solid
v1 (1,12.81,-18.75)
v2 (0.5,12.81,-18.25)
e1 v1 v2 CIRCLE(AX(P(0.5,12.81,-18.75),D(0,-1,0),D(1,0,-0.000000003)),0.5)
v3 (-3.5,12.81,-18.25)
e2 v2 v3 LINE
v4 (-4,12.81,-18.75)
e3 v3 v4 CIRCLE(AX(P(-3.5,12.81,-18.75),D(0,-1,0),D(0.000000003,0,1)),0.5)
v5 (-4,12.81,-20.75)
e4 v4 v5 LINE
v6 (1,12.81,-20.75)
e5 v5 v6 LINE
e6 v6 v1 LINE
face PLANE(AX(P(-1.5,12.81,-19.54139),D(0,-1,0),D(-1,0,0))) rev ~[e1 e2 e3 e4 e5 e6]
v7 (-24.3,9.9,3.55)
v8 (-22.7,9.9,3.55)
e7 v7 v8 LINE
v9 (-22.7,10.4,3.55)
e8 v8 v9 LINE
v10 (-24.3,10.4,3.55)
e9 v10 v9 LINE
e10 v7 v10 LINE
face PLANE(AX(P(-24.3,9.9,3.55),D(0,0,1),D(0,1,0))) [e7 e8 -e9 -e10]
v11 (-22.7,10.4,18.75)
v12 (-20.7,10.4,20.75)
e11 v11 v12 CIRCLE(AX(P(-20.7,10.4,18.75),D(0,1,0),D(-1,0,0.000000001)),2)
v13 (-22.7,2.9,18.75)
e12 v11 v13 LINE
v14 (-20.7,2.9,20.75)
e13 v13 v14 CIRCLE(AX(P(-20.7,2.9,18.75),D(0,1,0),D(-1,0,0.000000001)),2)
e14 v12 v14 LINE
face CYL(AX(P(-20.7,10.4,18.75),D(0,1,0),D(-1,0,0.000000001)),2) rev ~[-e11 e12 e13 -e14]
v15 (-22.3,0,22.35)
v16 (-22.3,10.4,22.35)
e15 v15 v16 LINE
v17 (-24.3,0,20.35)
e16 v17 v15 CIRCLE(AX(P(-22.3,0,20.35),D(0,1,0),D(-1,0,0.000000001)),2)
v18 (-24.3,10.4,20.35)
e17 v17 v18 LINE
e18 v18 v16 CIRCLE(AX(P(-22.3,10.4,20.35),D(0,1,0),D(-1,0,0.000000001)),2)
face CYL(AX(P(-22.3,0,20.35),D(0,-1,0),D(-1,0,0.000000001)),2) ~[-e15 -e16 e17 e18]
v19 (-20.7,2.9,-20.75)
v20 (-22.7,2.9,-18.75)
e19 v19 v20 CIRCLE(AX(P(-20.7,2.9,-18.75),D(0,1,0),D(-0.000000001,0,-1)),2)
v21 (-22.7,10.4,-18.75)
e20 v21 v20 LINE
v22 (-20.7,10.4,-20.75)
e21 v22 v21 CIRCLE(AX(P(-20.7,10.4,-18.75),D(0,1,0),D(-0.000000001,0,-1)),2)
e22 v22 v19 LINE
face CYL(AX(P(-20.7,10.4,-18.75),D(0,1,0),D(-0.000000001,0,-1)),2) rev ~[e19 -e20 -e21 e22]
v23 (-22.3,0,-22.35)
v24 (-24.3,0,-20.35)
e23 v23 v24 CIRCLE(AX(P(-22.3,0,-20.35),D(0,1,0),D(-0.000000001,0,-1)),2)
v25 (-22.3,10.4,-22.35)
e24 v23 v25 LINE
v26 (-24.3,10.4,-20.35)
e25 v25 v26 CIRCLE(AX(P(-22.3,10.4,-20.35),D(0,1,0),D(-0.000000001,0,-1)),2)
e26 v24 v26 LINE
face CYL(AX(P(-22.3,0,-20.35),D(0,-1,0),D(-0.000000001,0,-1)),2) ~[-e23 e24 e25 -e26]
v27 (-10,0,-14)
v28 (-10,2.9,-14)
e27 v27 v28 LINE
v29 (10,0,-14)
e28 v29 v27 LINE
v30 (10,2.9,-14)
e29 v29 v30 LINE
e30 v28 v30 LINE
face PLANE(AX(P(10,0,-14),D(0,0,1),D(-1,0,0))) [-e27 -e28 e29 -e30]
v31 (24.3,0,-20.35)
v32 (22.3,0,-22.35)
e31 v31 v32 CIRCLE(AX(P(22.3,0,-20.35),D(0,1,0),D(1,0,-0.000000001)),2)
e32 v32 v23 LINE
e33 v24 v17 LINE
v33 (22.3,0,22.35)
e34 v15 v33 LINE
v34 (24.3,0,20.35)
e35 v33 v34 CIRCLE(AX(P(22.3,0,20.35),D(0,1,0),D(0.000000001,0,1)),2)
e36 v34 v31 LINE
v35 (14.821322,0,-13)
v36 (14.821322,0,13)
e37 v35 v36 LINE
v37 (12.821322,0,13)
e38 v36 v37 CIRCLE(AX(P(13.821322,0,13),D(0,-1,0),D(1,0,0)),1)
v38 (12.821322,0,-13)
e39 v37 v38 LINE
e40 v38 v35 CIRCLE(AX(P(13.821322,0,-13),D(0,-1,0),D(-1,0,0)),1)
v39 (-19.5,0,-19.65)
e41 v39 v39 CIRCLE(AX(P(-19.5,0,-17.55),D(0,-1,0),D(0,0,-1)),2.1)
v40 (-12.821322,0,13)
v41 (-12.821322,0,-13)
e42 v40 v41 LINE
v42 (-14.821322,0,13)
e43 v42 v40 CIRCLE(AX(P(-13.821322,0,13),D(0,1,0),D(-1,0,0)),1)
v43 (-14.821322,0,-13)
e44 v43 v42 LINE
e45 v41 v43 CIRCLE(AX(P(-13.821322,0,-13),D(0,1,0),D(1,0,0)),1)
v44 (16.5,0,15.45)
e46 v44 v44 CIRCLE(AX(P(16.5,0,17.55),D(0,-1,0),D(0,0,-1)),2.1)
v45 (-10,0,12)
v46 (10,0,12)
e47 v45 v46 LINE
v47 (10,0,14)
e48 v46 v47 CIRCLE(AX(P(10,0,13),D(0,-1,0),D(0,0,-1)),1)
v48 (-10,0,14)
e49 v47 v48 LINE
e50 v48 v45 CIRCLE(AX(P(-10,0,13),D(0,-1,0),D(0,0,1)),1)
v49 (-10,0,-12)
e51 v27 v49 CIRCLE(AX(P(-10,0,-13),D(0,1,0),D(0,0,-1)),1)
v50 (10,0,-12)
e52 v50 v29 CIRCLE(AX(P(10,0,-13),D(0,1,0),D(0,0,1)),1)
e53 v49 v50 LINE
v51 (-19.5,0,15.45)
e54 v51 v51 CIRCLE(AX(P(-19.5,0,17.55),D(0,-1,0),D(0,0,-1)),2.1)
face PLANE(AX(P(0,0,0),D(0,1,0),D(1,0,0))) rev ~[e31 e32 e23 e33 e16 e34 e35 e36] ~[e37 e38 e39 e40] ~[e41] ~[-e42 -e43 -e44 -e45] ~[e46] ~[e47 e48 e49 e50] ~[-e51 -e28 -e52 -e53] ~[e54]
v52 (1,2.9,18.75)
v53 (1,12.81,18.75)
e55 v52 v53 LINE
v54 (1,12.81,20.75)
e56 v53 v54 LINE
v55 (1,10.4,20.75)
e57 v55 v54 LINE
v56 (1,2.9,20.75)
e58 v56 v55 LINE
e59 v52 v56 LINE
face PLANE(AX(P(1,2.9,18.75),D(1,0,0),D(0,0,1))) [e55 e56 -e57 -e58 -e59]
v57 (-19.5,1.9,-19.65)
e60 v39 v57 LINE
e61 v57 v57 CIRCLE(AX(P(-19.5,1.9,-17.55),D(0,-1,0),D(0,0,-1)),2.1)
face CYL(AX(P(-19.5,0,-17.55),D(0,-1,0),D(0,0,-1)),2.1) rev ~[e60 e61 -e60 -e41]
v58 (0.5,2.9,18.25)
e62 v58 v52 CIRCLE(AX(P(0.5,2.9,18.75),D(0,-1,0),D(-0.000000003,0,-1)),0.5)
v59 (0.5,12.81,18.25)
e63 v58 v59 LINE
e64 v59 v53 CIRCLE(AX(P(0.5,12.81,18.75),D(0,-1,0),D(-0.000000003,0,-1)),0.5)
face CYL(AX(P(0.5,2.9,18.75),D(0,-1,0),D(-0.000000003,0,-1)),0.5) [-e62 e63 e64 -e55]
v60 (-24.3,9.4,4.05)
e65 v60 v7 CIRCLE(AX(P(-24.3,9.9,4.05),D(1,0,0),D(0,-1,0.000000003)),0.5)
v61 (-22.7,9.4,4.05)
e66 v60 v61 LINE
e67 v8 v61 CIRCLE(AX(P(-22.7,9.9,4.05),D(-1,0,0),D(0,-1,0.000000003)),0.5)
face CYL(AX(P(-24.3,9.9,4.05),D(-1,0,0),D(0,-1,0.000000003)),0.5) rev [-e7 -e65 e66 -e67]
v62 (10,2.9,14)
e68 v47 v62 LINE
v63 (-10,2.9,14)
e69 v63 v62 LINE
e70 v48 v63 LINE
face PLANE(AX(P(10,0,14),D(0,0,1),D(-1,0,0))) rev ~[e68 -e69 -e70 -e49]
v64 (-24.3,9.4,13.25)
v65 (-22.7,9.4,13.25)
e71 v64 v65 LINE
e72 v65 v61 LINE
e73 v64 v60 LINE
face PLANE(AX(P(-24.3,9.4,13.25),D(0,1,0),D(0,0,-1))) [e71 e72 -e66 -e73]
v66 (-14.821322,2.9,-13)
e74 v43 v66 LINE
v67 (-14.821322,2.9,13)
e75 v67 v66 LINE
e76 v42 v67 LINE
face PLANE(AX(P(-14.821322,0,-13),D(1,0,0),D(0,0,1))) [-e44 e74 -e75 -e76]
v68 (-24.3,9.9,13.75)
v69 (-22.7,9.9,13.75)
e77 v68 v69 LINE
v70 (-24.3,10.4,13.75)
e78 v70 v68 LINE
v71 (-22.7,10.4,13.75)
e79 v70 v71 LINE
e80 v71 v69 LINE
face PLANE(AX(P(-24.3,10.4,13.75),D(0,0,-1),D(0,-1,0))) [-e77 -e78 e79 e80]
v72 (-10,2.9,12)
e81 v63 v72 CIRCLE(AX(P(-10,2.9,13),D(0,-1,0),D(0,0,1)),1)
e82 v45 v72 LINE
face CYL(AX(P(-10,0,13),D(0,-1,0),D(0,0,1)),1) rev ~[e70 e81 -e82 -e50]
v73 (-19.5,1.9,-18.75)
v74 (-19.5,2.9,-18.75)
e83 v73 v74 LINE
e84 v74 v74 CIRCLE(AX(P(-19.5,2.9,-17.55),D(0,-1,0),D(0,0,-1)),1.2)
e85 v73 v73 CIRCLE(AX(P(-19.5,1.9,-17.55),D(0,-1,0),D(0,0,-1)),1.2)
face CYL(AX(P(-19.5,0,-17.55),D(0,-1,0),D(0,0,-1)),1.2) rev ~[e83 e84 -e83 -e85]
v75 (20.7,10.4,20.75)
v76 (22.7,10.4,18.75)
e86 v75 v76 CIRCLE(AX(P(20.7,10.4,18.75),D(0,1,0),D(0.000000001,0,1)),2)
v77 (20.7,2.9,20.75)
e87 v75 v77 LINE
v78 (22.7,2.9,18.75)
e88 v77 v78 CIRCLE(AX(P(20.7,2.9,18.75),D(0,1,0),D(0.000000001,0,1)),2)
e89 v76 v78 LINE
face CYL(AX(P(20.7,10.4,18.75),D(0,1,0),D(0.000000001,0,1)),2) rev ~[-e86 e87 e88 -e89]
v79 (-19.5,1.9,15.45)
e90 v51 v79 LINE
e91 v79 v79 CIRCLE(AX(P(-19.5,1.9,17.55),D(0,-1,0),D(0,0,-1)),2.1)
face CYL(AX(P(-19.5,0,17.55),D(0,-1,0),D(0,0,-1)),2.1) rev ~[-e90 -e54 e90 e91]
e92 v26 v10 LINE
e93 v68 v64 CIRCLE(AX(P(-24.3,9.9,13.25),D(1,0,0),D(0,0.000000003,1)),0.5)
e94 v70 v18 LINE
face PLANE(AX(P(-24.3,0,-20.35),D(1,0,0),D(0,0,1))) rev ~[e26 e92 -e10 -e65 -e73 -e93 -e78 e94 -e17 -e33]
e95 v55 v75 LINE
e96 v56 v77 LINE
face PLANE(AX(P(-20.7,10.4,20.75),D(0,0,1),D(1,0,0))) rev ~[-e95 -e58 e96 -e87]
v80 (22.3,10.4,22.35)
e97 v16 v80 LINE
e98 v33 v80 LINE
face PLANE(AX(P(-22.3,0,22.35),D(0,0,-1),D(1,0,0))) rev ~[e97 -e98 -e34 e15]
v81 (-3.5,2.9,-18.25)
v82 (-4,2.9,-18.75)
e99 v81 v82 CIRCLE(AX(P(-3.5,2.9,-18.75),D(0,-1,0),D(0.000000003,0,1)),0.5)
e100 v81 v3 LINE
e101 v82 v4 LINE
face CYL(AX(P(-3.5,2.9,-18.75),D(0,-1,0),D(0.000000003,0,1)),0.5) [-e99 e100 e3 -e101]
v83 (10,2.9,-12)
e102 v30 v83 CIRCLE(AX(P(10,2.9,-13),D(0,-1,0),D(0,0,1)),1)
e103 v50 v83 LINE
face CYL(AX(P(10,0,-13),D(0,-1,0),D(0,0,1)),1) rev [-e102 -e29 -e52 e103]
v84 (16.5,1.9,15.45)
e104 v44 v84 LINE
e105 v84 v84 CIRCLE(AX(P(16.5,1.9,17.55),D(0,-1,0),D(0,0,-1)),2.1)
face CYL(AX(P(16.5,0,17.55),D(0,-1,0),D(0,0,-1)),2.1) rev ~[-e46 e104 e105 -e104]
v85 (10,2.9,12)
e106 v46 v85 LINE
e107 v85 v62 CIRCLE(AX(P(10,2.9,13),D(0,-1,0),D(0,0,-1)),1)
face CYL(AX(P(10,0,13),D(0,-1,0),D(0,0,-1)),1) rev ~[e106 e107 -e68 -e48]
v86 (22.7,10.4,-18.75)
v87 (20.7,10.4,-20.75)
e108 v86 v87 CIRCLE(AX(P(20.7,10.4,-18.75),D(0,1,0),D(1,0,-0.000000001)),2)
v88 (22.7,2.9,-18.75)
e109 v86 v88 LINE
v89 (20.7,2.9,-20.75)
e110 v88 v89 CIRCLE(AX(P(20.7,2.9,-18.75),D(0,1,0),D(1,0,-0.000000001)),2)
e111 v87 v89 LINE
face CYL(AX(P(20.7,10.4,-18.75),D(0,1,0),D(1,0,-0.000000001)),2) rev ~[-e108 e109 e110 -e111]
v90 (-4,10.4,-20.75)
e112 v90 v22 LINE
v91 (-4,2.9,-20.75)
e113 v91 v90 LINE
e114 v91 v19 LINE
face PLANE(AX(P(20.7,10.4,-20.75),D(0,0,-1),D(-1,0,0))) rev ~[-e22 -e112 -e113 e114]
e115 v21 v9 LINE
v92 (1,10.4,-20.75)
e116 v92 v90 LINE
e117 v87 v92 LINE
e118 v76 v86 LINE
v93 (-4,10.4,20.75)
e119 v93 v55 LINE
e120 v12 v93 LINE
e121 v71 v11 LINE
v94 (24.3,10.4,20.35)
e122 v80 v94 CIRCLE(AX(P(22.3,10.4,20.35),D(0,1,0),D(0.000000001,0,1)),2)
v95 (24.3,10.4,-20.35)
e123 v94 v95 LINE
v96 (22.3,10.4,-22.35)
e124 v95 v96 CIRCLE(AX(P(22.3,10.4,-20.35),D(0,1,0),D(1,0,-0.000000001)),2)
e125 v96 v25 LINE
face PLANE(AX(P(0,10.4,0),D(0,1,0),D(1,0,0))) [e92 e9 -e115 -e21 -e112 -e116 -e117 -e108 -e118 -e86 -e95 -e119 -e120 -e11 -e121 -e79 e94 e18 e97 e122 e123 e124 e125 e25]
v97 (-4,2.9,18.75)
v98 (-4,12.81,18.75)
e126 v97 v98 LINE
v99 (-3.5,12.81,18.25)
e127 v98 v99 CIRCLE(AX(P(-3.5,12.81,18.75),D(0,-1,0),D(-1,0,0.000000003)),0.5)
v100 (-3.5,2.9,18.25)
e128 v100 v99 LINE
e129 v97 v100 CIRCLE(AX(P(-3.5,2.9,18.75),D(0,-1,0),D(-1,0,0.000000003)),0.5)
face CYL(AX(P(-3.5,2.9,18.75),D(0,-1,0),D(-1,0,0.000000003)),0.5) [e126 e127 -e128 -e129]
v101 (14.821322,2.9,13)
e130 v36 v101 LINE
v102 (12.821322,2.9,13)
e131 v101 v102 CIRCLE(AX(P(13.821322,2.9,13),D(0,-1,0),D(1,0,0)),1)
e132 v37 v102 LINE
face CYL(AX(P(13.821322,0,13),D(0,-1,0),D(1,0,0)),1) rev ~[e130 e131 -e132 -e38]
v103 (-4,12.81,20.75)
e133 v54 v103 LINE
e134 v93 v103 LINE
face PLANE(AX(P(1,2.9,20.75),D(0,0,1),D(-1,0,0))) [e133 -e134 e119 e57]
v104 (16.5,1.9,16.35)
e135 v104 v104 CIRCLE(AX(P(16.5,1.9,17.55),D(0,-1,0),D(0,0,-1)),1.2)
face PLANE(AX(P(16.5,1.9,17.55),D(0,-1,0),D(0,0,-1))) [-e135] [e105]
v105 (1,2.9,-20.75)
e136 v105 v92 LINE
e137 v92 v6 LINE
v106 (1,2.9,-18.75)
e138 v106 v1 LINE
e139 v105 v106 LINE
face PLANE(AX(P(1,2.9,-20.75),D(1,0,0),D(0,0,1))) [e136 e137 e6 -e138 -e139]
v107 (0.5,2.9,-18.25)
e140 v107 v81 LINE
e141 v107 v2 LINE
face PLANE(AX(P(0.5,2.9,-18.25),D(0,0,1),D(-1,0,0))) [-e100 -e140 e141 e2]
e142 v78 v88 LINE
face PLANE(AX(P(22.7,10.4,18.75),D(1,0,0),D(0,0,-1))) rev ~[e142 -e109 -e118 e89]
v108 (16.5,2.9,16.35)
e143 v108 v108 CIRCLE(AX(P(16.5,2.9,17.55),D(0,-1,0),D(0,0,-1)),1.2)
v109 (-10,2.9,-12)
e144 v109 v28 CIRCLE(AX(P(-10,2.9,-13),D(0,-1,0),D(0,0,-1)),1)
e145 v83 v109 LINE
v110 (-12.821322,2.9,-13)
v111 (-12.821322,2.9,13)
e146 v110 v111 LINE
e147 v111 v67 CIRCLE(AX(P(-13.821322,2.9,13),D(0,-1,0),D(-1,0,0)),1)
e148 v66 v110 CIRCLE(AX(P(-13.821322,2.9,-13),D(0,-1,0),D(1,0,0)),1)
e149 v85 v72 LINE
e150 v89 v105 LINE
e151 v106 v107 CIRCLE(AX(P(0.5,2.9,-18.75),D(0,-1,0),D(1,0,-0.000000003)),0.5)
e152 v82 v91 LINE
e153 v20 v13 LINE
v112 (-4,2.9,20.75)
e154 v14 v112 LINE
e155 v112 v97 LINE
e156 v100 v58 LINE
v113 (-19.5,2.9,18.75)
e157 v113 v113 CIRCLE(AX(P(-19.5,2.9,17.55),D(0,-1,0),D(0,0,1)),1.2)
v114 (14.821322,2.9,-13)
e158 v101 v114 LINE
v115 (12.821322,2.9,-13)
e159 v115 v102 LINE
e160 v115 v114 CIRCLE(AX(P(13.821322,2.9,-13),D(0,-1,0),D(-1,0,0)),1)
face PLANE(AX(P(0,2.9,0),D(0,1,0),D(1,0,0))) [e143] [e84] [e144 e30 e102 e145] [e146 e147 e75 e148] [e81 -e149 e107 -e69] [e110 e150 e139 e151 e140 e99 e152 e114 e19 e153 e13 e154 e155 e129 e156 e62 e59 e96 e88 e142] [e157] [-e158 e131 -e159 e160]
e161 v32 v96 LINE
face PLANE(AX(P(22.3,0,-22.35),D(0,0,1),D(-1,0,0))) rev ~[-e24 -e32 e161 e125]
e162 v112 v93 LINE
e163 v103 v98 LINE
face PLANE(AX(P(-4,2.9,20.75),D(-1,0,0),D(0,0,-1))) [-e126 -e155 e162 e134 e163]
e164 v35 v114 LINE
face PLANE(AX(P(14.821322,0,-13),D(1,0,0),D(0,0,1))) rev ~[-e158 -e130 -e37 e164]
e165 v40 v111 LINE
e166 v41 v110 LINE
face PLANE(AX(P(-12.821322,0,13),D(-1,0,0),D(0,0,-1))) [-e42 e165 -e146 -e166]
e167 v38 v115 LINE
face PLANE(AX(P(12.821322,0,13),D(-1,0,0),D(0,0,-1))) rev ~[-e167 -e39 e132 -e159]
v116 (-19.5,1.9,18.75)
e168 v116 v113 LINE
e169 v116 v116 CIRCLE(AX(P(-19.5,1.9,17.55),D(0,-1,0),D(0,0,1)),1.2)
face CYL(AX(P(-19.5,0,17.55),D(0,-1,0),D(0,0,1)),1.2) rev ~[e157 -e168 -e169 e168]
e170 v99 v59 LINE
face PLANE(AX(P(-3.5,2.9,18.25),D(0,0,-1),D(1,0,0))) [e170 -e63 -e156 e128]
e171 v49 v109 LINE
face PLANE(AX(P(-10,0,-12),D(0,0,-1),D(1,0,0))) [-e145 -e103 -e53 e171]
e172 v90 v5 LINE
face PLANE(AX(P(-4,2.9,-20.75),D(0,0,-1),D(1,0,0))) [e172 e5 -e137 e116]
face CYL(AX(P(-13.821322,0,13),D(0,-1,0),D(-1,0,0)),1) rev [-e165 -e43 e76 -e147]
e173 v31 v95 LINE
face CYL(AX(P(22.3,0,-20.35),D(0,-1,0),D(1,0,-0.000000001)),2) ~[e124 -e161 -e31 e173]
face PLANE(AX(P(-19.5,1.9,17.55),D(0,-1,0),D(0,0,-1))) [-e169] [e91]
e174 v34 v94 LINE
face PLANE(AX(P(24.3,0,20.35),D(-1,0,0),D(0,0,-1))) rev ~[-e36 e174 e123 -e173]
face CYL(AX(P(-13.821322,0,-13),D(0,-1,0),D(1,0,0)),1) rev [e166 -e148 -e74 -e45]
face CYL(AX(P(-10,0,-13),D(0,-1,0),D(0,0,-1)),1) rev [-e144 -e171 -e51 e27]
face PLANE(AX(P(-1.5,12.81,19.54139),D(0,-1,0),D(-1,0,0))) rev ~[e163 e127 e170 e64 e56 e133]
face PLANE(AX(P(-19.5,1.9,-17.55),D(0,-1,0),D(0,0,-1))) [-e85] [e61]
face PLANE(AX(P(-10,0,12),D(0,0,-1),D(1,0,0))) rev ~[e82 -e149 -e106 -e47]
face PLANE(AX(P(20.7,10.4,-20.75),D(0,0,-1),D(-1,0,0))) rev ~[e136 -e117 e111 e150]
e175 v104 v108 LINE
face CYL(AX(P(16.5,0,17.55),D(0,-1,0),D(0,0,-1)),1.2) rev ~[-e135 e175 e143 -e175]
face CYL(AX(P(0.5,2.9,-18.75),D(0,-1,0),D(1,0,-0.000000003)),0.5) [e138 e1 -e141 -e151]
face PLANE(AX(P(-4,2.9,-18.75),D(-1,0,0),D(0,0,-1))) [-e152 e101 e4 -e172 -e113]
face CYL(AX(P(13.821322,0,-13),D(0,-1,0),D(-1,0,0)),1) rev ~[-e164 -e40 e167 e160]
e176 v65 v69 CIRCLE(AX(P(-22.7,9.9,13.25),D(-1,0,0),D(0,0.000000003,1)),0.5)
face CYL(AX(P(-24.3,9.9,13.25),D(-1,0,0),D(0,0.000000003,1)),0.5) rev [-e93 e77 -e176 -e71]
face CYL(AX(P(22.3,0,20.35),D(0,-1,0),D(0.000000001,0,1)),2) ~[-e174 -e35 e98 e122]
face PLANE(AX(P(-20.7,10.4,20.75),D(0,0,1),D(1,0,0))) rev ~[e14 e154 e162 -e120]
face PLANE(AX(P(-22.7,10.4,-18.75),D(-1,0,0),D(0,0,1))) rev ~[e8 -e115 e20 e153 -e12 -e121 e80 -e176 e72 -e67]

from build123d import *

# Parameters (mm, degrees)
EXTRUDE_1_DEPTH     = 10.4
CUT_EXTRUDE_1_DEPTH = 7.5
SKETCH_3_R          = 2.1
CUT_EXTRUDE_2_DEPTH = 1.9
SKETCH_4_R          = 1.2
CUT_EXTRUDE_3_DEPTH = 3.2
EXTRUDE_2_DEPTH     = 9.91
CUT_EXTRUDE_4_DEPTH = 10
CUT_EXTRUDE_5_DEPTH = 10


with BuildPart() as part:
    # 草图1 → 凸台-拉伸1 (new body)
    with BuildSketch(Plane(origin=(0, 0, 0), x_dir=(1, 0, 0), z_dir=(0, 1, 0))):
        with BuildLine():
            Line((-22.3, -22.35), (22.3, -22.35))
            ThreePointArc((22.3, -22.35), (23.714213562, -21.764213562), (24.3, -20.35))
            Line((24.3, -20.35), (24.3, 20.35))
            ThreePointArc((24.3, 20.35), (23.714213562, 21.764213562), (22.3, 22.35))
            Line((22.3, 22.35), (-22.3, 22.35))
            ThreePointArc((-22.3, 22.35), (-23.714213562, 21.764213562), (-24.3, 20.35))
            Line((-24.3, 20.35), (-24.3, -20.35))
            ThreePointArc((-24.3, -20.35), (-23.714213562, -21.764213562), (-22.3, -22.35))
        make_face()
    extrude(amount=EXTRUDE_1_DEPTH)

    # 草图2 → 切除-拉伸1 (cut)
    with BuildSketch(Plane(origin=(0, 10.4, 0), x_dir=(1, 0, 0), z_dir=(0, 1, 0))):
        with BuildLine():
            Line((-20.7, -20.75), (20.7, -20.75))
            ThreePointArc((20.7, -20.75), (22.114213562, -20.164213562), (22.7, -18.75))
            Line((22.7, -18.75), (22.7, 18.75))
            ThreePointArc((22.7, 18.75), (22.114213562, 20.164213562), (20.7, 20.75))
            Line((20.7, 20.75), (-20.7, 20.75))
            ThreePointArc((-20.7, 20.75), (-22.114213562, 20.164213562), (-22.7, 18.75))
            Line((-22.7, 18.75), (-22.7, -18.75))
            ThreePointArc((-22.7, -18.75), (-22.114213562, -20.164213562), (-20.7, -20.75))
        make_face()
    extrude(amount=-CUT_EXTRUDE_1_DEPTH, mode=Mode.SUBTRACT)

    # 草图3 → 切除-拉伸2 (cut)
    with BuildSketch(Plane.XZ):
        with Locations(Location((-19.5, -17.55, 0), (0, 0, 270))):
            Circle(SKETCH_3_R)
        with Locations(Location((-19.5, 17.55, 0), (0, 0, 270))):
            Circle(SKETCH_3_R)
        with Locations(Location((16.5, 17.55, 0), (0, 0, 270))):
            Circle(SKETCH_3_R)
    extrude(amount=-CUT_EXTRUDE_2_DEPTH, mode=Mode.SUBTRACT)

    # 草图4 → 切除-拉伸3 (cut)
    with BuildSketch(Plane.XZ):
        with Locations(Location((-19.5, 17.55, 0), (0, 0, 90))):
            Circle(SKETCH_4_R)
        with Locations(Location((-19.5, -17.55, 0), (0, 0, 270))):
            Circle(SKETCH_4_R)
        with Locations(Location((16.5, 17.55, 0), (0, 0, 270))):
            Circle(SKETCH_4_R)
    extrude(amount=-CUT_EXTRUDE_3_DEPTH, mode=Mode.SUBTRACT)

    # 草图5 → 凸台-拉伸2 (add)
    with BuildSketch(Plane(origin=(0, 2.9, 0), x_dir=(1, 0, 0), z_dir=(0, 1, 0))):
        with BuildLine():
            Line((-4, 20.75), (1, 20.75))
            Line((1, 20.75), (1, 18.75))
            ThreePointArc((1, 18.75), (0.853553391, 18.396446609), (0.5, 18.25))
            Line((0.5, 18.25), (-3.5, 18.25))
            ThreePointArc((-3.5, 18.25), (-3.853553391, 18.396446609), (-4, 18.75))
            Line((-4, 18.75), (-4, 20.75))
        make_face()
        with BuildLine():
            Line((-3.5, -18.25), (0.5, -18.25))
            ThreePointArc((0.5, -18.25), (0.853553391, -18.396446609), (1, -18.75))
            Line((1, -18.75), (1, -20.75))
            Line((1, -20.75), (-4, -20.75))
            Line((-4, -20.75), (-4, -18.75))
            ThreePointArc((-4, -18.75), (-3.853553391, -18.396446609), (-3.5, -18.25))
        make_face()
    extrude(amount=EXTRUDE_2_DEPTH)

    # 草图6 → 切除-拉伸4 (cut)
    with BuildSketch(Plane.XZ):
        with BuildLine():
            Line((-12.821321535, 13), (-12.821321535, -13))
            ThreePointArc((-12.821321535, -13), (-13.821321535, -14), (-14.821321535, -13))
            Line((-14.821321535, -13), (-14.821321535, 13))
            ThreePointArc((-14.821321535, 13), (-13.821321535, 14), (-12.821321535, 13))
        make_face()
        with BuildLine():
            Line((-10, -12), (10, -12))
            ThreePointArc((10, -12), (11, -13), (10, -14))
            Line((10, -14), (-10, -14))
            ThreePointArc((-10, -14), (-11, -13), (-10, -12))
        make_face()
        with BuildLine():
            Line((12.821321535, 13), (12.821321535, -13))
            ThreePointArc((12.821321535, -13), (13.821321535, -14), (14.821321535, -13))
            Line((14.821321535, -13), (14.821321535, 13))
            ThreePointArc((14.821321535, 13), (13.821321535, 14), (12.821321535, 13))
        make_face()
        with BuildLine():
            Line((-10, 12), (10, 12))
            ThreePointArc((10, 12), (11, 13), (10, 14))
            Line((10, 14), (-10, 14))
            ThreePointArc((-10, 14), (-11, 13), (-10, 12))
        make_face()
    extrude(amount=-CUT_EXTRUDE_4_DEPTH, mode=Mode.SUBTRACT)

    # 草图7 → 切除-拉伸5 (cut)
    with BuildSketch(Plane.ZY.offset(24.3)):
        with BuildLine():
            Line((3.55, 10.4), (13.75, 10.4))
            Line((13.75, 10.4), (13.75, 9.9))
            ThreePointArc((13.75, 9.9), (13.603553391, 9.546446609), (13.25, 9.4))
            Line((13.25, 9.4), (4.05, 9.4))
            ThreePointArc((4.05, 9.4), (3.696446609, 9.546446609), (3.55, 9.9))
            Line((3.55, 9.9), (3.55, 10.4))
        make_face()
    extrude(amount=-CUT_EXTRUDE_5_DEPTH, mode=Mode.SUBTRACT)


solid = part.part
